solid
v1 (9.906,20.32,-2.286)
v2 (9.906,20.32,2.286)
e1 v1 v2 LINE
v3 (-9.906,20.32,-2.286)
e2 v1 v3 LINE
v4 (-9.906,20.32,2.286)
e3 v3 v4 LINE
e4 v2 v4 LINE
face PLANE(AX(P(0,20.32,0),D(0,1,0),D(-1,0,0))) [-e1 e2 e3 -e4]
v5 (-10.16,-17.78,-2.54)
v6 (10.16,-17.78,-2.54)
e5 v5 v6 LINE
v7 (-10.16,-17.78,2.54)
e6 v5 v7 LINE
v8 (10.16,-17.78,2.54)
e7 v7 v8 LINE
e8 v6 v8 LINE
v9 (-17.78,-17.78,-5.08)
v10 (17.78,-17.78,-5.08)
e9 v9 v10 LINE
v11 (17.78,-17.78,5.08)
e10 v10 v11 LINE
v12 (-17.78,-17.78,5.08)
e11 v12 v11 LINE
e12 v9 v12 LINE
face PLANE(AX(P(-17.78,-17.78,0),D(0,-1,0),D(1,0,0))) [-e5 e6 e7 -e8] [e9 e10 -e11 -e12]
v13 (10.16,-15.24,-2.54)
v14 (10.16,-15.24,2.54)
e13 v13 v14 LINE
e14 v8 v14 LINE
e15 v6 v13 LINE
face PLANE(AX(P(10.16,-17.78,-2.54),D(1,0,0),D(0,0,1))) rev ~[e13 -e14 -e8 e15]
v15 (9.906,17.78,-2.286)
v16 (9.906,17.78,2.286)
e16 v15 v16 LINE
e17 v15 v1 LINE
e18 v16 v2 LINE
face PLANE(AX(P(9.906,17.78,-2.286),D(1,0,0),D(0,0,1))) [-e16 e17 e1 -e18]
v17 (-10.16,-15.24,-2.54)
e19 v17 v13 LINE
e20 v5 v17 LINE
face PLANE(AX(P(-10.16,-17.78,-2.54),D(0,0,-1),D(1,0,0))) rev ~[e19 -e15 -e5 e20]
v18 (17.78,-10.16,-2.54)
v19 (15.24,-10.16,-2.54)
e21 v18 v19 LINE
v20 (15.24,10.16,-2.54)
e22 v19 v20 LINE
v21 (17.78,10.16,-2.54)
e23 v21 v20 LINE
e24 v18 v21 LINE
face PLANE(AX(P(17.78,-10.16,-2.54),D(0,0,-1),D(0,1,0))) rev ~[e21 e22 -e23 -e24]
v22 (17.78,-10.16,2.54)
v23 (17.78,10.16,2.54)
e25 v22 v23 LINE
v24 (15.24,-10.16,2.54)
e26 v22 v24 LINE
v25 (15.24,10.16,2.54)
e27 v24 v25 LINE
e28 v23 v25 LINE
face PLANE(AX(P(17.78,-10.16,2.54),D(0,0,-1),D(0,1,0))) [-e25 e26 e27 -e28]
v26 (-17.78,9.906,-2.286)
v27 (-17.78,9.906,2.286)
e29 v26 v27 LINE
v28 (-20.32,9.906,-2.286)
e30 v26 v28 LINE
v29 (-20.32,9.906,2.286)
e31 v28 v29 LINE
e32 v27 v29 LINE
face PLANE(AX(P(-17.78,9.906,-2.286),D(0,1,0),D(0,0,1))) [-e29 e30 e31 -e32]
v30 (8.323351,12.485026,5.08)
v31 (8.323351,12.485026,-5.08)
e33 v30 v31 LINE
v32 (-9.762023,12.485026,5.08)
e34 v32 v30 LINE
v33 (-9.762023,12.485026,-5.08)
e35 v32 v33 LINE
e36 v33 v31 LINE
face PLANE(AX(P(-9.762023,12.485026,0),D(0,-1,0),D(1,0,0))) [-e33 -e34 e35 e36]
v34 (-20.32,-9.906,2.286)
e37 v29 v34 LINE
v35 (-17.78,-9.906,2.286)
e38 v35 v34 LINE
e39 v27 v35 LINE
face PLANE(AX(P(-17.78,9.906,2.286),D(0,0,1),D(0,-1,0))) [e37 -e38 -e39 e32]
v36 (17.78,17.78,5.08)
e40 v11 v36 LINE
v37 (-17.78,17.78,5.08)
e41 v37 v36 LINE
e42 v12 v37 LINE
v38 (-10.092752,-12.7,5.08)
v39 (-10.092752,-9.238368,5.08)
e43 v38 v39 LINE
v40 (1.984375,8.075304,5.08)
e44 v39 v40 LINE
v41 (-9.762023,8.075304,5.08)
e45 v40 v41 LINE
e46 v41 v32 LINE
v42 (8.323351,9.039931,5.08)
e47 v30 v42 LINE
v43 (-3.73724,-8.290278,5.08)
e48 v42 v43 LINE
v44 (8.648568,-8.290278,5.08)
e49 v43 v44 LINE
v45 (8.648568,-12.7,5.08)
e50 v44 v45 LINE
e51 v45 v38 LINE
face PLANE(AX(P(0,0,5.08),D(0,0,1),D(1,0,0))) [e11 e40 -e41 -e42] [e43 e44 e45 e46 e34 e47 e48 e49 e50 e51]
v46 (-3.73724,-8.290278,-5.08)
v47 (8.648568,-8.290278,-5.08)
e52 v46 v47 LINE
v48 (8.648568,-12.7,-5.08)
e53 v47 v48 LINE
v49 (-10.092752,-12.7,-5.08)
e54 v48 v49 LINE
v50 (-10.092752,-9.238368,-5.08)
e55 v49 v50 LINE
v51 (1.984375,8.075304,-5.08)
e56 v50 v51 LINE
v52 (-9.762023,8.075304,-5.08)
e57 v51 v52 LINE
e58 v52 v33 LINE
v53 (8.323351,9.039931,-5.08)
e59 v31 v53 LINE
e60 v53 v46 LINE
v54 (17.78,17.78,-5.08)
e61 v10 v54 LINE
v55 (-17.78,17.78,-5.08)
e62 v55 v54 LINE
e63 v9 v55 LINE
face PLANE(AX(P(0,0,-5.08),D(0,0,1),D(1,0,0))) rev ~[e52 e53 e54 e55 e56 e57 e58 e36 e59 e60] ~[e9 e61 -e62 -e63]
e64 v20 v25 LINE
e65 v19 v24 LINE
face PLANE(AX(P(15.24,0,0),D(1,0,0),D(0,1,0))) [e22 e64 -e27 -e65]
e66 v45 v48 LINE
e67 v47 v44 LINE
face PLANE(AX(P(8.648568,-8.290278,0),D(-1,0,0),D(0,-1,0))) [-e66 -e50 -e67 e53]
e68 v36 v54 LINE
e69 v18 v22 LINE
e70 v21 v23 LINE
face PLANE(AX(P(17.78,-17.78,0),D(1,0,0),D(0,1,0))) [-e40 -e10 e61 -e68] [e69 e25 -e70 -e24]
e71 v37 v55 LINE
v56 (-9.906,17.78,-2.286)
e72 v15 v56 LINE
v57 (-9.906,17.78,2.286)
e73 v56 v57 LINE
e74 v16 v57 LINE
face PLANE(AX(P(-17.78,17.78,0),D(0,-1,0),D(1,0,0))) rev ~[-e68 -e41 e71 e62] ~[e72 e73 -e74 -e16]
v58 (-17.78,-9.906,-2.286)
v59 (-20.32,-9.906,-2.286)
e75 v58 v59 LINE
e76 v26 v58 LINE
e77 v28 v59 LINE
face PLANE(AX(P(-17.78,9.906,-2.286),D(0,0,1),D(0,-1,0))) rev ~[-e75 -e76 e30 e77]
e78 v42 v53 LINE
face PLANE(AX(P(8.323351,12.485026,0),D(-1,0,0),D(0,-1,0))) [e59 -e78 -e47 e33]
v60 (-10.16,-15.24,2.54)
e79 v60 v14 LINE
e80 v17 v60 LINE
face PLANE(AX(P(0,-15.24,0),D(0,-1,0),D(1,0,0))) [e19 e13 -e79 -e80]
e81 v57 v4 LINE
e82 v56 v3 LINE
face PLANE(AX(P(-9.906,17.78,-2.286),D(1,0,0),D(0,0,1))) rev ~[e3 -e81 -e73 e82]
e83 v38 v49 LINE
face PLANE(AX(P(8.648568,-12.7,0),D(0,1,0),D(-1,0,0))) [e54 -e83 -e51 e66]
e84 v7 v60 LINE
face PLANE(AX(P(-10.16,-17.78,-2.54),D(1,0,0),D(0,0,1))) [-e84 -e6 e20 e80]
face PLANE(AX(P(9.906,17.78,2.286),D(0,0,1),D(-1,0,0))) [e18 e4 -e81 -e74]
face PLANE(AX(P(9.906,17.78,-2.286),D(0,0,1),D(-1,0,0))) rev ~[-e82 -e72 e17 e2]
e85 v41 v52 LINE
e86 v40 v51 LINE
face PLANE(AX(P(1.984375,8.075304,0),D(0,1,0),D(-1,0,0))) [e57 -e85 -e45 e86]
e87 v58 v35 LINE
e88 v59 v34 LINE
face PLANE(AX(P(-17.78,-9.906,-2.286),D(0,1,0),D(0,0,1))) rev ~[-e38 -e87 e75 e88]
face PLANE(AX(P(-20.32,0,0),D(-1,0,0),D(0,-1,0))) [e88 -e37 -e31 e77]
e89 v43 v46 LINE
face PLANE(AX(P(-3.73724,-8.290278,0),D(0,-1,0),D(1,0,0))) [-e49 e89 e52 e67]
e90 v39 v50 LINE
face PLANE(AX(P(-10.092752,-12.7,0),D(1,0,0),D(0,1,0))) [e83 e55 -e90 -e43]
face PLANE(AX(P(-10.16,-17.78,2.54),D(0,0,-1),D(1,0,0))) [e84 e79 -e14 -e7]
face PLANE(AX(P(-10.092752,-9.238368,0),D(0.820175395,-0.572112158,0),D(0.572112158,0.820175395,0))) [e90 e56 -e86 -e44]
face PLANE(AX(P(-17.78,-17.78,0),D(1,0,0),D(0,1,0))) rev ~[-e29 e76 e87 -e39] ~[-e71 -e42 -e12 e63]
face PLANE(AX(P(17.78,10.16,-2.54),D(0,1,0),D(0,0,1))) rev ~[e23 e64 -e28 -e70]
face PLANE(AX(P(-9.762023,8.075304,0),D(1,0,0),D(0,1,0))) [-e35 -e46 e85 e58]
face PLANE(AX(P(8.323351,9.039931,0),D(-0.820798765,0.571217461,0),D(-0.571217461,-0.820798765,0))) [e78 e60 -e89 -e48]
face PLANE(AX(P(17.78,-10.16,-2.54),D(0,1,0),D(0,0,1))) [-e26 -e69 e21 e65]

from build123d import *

# Parameters (mm, degrees)
F0_W     = 35.56
F0_H     = 35.56
F1_DEPTH = 5.08
F2_W     = 19.812
F2_H     = 4.572
F3_DEPTH = 2.54
F4_W     = 19.812
F4_H     = 4.572
F5_DEPTH = 2.54
F6_W     = 20.32
F6_H     = 5.08
F7_DEPTH = 2.54
F8_W     = 20.32
F8_H     = 5.08
F9_DEPTH = 2.54


with BuildPart() as f1:
    # F0 (on Top) → F1 (new body, symmetric)
    with BuildSketch(Plane.XY):
        Rectangle(F0_W, F0_H)
        Polygon((8.6485677083, -8.2902777778), (8.6485677083, -12.7), (-10.0927517361, -12.7), (-10.0927517361, -9.2383680556), (1.984375, 8.0753038194), (-9.7620225694, 8.0753038194), (-9.7620225694, 12.4850260417), (8.3233506944, 12.4850260417), (8.3233506944, 9.0399305556), (-3.7372395833, -8.2902777778), align=None, mode=Mode.SUBTRACT)
    extrude(amount=F1_DEPTH, both=True)

    # F2 (on face) → F3 (join)
    with BuildSketch(Plane(origin=(0, 17.78, 0), x_dir=(-1, 0, 0), z_dir=(0, 1, 0))):
        Rectangle(F2_W, F2_H)
    extrude(amount=F3_DEPTH)

    # F4 (on face) → F5 (join)
    with BuildSketch(Plane(origin=(-17.78, 0, 0), x_dir=(0, -1, 0), z_dir=(-1, 0, 0))):
        Rectangle(F4_W, F4_H)
    extrude(amount=F5_DEPTH)

    # F6 (on face) → F7 (cut)
    with BuildSketch(Plane.XZ.offset(17.78)):
        Rectangle(F6_W, F6_H)
    extrude(amount=-F7_DEPTH, mode=Mode.SUBTRACT)

    # F8 (on face) → F9 (cut)
    with BuildSketch(Plane.YZ.offset(17.78)):
        Rectangle(F8_W, F8_H)
    extrude(amount=-F9_DEPTH, mode=Mode.SUBTRACT)


solid = f1.part
